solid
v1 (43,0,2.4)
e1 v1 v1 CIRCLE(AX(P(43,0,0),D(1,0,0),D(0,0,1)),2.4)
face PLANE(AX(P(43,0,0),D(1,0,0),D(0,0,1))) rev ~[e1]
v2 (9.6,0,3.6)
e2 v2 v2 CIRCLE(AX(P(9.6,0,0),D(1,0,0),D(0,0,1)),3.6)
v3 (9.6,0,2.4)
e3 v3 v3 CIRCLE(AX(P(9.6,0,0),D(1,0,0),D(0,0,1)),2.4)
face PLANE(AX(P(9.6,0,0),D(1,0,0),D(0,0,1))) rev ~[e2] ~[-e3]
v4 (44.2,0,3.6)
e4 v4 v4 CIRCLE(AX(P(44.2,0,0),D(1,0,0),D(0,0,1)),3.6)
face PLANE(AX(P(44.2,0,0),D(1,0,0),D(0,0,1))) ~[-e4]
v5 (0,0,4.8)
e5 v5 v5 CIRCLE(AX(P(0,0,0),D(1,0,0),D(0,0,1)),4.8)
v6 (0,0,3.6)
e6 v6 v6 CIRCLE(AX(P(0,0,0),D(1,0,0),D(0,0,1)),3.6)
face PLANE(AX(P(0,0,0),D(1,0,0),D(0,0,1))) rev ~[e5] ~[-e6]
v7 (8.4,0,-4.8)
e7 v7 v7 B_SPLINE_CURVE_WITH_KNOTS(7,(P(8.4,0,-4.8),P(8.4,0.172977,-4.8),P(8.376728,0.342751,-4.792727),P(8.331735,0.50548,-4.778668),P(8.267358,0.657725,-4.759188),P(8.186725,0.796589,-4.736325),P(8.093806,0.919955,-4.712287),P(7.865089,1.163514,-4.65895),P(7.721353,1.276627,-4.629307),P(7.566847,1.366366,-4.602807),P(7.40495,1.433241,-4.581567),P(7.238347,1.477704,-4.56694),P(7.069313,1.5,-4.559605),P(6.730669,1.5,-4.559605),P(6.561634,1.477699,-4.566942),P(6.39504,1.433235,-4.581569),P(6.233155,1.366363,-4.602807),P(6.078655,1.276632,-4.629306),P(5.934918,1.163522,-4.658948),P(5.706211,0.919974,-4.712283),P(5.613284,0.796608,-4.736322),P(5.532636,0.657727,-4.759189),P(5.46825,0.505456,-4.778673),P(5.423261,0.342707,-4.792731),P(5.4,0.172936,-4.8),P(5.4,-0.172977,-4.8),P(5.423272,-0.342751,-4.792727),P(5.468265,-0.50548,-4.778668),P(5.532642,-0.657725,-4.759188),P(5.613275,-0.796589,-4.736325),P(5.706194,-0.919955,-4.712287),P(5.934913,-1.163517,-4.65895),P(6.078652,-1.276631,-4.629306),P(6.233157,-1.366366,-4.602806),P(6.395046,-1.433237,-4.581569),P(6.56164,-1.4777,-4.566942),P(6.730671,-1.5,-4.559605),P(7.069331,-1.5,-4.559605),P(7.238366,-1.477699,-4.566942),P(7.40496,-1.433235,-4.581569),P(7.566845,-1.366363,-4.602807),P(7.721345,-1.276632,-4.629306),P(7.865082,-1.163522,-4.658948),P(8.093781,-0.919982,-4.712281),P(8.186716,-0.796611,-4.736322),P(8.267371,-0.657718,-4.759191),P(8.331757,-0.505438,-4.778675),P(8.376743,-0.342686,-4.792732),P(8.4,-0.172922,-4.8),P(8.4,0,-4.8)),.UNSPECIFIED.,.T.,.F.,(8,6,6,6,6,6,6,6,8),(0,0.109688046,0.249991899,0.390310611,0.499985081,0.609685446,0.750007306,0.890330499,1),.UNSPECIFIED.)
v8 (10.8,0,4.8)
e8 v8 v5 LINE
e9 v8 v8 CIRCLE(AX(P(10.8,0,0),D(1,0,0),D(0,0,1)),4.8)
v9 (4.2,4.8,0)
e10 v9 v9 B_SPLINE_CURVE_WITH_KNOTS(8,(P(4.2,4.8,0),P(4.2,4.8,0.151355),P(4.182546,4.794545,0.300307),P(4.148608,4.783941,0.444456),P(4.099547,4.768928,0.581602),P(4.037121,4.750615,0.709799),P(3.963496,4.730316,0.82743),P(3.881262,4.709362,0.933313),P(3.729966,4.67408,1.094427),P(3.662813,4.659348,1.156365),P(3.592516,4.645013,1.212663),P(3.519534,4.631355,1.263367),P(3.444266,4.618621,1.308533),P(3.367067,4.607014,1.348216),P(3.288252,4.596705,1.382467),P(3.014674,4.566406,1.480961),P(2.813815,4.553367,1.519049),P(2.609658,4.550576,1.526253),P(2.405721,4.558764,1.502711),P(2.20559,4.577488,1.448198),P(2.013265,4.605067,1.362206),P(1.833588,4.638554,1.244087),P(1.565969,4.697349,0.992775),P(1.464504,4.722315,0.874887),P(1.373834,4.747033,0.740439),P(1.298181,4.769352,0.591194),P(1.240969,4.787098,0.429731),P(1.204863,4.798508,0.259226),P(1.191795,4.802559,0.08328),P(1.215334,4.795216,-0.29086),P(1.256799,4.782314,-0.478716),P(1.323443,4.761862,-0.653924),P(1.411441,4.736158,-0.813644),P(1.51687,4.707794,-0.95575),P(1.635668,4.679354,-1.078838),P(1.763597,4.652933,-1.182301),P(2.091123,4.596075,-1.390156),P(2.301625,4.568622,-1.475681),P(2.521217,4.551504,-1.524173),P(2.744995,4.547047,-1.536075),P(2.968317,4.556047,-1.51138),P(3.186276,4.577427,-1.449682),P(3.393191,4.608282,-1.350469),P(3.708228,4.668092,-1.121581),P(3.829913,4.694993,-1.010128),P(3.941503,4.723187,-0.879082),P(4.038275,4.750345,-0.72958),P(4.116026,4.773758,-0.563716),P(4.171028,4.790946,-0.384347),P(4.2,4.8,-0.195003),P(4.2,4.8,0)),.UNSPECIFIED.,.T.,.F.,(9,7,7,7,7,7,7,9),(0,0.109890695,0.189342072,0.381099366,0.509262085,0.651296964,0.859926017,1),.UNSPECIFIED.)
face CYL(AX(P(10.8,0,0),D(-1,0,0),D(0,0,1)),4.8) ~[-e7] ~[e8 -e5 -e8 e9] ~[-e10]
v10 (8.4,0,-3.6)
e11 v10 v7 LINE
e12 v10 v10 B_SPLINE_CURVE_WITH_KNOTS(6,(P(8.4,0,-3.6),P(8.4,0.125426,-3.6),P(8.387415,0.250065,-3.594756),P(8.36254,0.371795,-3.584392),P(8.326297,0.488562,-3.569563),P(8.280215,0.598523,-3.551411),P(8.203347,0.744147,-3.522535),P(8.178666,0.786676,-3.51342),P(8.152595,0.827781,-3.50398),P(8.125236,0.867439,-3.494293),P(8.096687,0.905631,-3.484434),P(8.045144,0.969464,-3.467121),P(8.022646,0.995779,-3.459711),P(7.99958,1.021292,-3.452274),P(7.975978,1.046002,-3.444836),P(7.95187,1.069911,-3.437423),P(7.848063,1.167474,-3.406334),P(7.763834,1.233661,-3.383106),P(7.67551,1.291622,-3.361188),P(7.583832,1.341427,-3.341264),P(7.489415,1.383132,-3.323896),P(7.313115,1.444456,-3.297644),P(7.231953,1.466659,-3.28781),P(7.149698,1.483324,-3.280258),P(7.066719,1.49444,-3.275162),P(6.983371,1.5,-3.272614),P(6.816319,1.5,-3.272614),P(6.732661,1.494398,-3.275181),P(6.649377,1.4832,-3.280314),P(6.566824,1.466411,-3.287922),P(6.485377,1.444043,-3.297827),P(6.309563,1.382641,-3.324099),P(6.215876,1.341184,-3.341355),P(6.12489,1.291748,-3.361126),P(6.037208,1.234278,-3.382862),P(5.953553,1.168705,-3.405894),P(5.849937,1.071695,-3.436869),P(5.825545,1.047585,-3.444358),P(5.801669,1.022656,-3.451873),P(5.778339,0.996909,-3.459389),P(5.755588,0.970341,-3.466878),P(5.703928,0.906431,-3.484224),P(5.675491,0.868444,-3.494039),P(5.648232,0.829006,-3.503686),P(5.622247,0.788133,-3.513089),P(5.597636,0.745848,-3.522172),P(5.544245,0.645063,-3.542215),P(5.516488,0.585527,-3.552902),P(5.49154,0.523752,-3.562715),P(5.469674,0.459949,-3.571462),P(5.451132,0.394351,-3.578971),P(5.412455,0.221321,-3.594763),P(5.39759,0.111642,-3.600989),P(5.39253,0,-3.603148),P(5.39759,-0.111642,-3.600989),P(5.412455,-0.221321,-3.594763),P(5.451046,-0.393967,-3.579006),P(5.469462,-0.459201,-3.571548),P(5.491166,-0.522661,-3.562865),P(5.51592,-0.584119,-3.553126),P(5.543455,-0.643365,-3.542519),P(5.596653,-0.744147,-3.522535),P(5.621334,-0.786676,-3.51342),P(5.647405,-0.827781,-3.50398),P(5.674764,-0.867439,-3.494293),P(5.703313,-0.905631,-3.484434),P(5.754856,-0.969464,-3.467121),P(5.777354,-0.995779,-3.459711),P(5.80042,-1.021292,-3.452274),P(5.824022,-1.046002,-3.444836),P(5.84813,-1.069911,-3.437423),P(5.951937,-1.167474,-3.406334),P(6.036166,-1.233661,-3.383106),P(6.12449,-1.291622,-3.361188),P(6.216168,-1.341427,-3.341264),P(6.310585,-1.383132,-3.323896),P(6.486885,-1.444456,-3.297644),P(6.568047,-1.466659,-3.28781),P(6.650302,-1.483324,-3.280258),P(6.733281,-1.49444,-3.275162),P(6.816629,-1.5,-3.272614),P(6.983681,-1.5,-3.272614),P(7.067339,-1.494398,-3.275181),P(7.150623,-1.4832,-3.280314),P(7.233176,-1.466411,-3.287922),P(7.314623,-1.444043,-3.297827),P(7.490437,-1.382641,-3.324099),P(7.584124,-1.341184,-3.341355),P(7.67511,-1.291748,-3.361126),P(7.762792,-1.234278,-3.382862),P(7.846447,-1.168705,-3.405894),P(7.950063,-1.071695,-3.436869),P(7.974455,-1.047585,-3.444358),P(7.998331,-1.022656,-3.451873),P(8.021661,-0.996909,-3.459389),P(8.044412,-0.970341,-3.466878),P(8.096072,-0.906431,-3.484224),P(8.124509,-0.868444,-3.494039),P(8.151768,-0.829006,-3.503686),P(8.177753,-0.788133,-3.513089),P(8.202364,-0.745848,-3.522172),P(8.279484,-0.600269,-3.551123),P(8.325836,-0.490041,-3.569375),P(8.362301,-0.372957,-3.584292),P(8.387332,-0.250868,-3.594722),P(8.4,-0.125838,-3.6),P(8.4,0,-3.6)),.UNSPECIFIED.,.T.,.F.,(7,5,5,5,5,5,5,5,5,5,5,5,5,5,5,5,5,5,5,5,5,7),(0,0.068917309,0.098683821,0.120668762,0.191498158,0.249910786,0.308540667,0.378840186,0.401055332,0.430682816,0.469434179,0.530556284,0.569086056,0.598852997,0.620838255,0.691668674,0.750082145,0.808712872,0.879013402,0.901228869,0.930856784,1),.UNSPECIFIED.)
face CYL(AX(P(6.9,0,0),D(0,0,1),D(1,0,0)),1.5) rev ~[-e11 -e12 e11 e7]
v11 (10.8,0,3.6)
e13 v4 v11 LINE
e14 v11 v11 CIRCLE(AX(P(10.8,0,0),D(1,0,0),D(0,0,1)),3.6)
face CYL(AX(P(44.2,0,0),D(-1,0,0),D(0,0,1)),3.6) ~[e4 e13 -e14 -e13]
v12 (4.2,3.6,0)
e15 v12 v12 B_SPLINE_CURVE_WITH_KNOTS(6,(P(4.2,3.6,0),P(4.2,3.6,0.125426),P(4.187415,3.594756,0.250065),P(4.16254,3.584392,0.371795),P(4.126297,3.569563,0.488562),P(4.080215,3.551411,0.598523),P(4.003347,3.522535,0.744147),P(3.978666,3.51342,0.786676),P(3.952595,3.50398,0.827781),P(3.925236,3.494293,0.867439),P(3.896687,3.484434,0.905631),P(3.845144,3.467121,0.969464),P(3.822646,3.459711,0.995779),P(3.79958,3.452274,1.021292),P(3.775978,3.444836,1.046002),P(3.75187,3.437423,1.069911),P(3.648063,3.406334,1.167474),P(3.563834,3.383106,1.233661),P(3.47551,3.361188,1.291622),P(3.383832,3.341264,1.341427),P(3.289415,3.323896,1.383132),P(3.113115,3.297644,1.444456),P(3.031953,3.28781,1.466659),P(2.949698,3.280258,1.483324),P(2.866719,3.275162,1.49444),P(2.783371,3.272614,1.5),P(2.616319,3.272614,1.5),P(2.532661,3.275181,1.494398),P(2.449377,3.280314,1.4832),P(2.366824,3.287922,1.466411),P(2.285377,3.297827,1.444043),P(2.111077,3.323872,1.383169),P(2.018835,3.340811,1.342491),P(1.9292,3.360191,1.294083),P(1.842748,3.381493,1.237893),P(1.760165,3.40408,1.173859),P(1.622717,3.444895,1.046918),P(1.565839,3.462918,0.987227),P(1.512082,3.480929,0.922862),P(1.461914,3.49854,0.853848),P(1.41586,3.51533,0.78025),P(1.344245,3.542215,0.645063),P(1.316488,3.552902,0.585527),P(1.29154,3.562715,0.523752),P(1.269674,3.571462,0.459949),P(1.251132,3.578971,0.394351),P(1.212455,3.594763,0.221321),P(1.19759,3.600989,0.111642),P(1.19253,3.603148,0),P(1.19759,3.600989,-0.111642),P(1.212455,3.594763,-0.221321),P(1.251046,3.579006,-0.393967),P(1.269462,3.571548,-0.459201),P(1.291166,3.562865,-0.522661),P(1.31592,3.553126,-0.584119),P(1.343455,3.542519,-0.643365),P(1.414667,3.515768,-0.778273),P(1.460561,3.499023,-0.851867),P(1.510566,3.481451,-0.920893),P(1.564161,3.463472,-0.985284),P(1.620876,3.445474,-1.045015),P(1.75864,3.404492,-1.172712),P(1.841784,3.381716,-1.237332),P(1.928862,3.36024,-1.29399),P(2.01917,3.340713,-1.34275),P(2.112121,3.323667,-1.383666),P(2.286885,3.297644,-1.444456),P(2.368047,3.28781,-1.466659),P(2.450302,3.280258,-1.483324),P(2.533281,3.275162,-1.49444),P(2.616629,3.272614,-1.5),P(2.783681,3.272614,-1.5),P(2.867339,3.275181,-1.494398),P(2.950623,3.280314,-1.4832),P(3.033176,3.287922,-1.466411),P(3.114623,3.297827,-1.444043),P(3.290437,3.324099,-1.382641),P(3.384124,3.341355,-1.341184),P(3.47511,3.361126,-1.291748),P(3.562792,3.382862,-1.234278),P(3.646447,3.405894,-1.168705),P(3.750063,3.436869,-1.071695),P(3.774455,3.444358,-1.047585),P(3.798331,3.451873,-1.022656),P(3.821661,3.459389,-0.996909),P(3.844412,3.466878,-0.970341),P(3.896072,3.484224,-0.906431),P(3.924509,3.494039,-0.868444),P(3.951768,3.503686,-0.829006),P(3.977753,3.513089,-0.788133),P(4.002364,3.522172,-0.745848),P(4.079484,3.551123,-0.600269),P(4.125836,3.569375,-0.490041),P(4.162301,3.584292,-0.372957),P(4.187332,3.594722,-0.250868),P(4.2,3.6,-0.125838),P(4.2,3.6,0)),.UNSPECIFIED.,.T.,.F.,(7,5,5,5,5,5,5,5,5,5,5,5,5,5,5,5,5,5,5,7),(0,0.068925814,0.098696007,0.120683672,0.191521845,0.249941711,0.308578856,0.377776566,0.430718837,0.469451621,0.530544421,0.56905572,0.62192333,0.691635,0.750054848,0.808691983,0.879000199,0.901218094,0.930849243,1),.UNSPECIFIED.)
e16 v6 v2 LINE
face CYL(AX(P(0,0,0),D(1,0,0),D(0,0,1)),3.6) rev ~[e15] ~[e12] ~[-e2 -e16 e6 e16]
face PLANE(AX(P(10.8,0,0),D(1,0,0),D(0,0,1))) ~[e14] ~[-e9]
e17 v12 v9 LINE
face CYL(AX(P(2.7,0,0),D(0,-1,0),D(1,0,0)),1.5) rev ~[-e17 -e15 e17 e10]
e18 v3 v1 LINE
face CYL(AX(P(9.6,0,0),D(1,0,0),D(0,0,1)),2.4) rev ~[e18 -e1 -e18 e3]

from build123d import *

# Parameters (mm, degrees)
F3_R     = 1.5
F5_DEPTH = 4.801
F4_R     = 1.5
F6_DEPTH = 4.801


with BuildPart() as f2:
    # F1 (on Front) → F2 (revolve)
    with BuildSketch(Plane.XZ):
        Polygon((0, 4.8), (0, 3.6), (9.6, 3.6), (9.6, 2.4), (18.6, 2.4), (43, 2.4), (43, 0), (44.2, 0), (44.2, 3.6), (18.6, 3.6), (10.8, 3.6), (10.8, 4.8), align=None)
    revolve(axis=Axis((43.6, 0, 0), (1, 0, 0)))

    # F3 (on Front) → F5 (cut, through all)
    with BuildSketch(Plane.XZ):
        with Locations((2.7, 0)):
            Circle(F3_R)
    extrude(amount=-F5_DEPTH, mode=Mode.SUBTRACT)

    # F4 (on Top) → F6 (cut, through all)
    with BuildSketch(Plane.XY):
        with Locations((6.9, 0)):
            Circle(F4_R)
    extrude(amount=-F6_DEPTH, mode=Mode.SUBTRACT)


solid = f2.part
